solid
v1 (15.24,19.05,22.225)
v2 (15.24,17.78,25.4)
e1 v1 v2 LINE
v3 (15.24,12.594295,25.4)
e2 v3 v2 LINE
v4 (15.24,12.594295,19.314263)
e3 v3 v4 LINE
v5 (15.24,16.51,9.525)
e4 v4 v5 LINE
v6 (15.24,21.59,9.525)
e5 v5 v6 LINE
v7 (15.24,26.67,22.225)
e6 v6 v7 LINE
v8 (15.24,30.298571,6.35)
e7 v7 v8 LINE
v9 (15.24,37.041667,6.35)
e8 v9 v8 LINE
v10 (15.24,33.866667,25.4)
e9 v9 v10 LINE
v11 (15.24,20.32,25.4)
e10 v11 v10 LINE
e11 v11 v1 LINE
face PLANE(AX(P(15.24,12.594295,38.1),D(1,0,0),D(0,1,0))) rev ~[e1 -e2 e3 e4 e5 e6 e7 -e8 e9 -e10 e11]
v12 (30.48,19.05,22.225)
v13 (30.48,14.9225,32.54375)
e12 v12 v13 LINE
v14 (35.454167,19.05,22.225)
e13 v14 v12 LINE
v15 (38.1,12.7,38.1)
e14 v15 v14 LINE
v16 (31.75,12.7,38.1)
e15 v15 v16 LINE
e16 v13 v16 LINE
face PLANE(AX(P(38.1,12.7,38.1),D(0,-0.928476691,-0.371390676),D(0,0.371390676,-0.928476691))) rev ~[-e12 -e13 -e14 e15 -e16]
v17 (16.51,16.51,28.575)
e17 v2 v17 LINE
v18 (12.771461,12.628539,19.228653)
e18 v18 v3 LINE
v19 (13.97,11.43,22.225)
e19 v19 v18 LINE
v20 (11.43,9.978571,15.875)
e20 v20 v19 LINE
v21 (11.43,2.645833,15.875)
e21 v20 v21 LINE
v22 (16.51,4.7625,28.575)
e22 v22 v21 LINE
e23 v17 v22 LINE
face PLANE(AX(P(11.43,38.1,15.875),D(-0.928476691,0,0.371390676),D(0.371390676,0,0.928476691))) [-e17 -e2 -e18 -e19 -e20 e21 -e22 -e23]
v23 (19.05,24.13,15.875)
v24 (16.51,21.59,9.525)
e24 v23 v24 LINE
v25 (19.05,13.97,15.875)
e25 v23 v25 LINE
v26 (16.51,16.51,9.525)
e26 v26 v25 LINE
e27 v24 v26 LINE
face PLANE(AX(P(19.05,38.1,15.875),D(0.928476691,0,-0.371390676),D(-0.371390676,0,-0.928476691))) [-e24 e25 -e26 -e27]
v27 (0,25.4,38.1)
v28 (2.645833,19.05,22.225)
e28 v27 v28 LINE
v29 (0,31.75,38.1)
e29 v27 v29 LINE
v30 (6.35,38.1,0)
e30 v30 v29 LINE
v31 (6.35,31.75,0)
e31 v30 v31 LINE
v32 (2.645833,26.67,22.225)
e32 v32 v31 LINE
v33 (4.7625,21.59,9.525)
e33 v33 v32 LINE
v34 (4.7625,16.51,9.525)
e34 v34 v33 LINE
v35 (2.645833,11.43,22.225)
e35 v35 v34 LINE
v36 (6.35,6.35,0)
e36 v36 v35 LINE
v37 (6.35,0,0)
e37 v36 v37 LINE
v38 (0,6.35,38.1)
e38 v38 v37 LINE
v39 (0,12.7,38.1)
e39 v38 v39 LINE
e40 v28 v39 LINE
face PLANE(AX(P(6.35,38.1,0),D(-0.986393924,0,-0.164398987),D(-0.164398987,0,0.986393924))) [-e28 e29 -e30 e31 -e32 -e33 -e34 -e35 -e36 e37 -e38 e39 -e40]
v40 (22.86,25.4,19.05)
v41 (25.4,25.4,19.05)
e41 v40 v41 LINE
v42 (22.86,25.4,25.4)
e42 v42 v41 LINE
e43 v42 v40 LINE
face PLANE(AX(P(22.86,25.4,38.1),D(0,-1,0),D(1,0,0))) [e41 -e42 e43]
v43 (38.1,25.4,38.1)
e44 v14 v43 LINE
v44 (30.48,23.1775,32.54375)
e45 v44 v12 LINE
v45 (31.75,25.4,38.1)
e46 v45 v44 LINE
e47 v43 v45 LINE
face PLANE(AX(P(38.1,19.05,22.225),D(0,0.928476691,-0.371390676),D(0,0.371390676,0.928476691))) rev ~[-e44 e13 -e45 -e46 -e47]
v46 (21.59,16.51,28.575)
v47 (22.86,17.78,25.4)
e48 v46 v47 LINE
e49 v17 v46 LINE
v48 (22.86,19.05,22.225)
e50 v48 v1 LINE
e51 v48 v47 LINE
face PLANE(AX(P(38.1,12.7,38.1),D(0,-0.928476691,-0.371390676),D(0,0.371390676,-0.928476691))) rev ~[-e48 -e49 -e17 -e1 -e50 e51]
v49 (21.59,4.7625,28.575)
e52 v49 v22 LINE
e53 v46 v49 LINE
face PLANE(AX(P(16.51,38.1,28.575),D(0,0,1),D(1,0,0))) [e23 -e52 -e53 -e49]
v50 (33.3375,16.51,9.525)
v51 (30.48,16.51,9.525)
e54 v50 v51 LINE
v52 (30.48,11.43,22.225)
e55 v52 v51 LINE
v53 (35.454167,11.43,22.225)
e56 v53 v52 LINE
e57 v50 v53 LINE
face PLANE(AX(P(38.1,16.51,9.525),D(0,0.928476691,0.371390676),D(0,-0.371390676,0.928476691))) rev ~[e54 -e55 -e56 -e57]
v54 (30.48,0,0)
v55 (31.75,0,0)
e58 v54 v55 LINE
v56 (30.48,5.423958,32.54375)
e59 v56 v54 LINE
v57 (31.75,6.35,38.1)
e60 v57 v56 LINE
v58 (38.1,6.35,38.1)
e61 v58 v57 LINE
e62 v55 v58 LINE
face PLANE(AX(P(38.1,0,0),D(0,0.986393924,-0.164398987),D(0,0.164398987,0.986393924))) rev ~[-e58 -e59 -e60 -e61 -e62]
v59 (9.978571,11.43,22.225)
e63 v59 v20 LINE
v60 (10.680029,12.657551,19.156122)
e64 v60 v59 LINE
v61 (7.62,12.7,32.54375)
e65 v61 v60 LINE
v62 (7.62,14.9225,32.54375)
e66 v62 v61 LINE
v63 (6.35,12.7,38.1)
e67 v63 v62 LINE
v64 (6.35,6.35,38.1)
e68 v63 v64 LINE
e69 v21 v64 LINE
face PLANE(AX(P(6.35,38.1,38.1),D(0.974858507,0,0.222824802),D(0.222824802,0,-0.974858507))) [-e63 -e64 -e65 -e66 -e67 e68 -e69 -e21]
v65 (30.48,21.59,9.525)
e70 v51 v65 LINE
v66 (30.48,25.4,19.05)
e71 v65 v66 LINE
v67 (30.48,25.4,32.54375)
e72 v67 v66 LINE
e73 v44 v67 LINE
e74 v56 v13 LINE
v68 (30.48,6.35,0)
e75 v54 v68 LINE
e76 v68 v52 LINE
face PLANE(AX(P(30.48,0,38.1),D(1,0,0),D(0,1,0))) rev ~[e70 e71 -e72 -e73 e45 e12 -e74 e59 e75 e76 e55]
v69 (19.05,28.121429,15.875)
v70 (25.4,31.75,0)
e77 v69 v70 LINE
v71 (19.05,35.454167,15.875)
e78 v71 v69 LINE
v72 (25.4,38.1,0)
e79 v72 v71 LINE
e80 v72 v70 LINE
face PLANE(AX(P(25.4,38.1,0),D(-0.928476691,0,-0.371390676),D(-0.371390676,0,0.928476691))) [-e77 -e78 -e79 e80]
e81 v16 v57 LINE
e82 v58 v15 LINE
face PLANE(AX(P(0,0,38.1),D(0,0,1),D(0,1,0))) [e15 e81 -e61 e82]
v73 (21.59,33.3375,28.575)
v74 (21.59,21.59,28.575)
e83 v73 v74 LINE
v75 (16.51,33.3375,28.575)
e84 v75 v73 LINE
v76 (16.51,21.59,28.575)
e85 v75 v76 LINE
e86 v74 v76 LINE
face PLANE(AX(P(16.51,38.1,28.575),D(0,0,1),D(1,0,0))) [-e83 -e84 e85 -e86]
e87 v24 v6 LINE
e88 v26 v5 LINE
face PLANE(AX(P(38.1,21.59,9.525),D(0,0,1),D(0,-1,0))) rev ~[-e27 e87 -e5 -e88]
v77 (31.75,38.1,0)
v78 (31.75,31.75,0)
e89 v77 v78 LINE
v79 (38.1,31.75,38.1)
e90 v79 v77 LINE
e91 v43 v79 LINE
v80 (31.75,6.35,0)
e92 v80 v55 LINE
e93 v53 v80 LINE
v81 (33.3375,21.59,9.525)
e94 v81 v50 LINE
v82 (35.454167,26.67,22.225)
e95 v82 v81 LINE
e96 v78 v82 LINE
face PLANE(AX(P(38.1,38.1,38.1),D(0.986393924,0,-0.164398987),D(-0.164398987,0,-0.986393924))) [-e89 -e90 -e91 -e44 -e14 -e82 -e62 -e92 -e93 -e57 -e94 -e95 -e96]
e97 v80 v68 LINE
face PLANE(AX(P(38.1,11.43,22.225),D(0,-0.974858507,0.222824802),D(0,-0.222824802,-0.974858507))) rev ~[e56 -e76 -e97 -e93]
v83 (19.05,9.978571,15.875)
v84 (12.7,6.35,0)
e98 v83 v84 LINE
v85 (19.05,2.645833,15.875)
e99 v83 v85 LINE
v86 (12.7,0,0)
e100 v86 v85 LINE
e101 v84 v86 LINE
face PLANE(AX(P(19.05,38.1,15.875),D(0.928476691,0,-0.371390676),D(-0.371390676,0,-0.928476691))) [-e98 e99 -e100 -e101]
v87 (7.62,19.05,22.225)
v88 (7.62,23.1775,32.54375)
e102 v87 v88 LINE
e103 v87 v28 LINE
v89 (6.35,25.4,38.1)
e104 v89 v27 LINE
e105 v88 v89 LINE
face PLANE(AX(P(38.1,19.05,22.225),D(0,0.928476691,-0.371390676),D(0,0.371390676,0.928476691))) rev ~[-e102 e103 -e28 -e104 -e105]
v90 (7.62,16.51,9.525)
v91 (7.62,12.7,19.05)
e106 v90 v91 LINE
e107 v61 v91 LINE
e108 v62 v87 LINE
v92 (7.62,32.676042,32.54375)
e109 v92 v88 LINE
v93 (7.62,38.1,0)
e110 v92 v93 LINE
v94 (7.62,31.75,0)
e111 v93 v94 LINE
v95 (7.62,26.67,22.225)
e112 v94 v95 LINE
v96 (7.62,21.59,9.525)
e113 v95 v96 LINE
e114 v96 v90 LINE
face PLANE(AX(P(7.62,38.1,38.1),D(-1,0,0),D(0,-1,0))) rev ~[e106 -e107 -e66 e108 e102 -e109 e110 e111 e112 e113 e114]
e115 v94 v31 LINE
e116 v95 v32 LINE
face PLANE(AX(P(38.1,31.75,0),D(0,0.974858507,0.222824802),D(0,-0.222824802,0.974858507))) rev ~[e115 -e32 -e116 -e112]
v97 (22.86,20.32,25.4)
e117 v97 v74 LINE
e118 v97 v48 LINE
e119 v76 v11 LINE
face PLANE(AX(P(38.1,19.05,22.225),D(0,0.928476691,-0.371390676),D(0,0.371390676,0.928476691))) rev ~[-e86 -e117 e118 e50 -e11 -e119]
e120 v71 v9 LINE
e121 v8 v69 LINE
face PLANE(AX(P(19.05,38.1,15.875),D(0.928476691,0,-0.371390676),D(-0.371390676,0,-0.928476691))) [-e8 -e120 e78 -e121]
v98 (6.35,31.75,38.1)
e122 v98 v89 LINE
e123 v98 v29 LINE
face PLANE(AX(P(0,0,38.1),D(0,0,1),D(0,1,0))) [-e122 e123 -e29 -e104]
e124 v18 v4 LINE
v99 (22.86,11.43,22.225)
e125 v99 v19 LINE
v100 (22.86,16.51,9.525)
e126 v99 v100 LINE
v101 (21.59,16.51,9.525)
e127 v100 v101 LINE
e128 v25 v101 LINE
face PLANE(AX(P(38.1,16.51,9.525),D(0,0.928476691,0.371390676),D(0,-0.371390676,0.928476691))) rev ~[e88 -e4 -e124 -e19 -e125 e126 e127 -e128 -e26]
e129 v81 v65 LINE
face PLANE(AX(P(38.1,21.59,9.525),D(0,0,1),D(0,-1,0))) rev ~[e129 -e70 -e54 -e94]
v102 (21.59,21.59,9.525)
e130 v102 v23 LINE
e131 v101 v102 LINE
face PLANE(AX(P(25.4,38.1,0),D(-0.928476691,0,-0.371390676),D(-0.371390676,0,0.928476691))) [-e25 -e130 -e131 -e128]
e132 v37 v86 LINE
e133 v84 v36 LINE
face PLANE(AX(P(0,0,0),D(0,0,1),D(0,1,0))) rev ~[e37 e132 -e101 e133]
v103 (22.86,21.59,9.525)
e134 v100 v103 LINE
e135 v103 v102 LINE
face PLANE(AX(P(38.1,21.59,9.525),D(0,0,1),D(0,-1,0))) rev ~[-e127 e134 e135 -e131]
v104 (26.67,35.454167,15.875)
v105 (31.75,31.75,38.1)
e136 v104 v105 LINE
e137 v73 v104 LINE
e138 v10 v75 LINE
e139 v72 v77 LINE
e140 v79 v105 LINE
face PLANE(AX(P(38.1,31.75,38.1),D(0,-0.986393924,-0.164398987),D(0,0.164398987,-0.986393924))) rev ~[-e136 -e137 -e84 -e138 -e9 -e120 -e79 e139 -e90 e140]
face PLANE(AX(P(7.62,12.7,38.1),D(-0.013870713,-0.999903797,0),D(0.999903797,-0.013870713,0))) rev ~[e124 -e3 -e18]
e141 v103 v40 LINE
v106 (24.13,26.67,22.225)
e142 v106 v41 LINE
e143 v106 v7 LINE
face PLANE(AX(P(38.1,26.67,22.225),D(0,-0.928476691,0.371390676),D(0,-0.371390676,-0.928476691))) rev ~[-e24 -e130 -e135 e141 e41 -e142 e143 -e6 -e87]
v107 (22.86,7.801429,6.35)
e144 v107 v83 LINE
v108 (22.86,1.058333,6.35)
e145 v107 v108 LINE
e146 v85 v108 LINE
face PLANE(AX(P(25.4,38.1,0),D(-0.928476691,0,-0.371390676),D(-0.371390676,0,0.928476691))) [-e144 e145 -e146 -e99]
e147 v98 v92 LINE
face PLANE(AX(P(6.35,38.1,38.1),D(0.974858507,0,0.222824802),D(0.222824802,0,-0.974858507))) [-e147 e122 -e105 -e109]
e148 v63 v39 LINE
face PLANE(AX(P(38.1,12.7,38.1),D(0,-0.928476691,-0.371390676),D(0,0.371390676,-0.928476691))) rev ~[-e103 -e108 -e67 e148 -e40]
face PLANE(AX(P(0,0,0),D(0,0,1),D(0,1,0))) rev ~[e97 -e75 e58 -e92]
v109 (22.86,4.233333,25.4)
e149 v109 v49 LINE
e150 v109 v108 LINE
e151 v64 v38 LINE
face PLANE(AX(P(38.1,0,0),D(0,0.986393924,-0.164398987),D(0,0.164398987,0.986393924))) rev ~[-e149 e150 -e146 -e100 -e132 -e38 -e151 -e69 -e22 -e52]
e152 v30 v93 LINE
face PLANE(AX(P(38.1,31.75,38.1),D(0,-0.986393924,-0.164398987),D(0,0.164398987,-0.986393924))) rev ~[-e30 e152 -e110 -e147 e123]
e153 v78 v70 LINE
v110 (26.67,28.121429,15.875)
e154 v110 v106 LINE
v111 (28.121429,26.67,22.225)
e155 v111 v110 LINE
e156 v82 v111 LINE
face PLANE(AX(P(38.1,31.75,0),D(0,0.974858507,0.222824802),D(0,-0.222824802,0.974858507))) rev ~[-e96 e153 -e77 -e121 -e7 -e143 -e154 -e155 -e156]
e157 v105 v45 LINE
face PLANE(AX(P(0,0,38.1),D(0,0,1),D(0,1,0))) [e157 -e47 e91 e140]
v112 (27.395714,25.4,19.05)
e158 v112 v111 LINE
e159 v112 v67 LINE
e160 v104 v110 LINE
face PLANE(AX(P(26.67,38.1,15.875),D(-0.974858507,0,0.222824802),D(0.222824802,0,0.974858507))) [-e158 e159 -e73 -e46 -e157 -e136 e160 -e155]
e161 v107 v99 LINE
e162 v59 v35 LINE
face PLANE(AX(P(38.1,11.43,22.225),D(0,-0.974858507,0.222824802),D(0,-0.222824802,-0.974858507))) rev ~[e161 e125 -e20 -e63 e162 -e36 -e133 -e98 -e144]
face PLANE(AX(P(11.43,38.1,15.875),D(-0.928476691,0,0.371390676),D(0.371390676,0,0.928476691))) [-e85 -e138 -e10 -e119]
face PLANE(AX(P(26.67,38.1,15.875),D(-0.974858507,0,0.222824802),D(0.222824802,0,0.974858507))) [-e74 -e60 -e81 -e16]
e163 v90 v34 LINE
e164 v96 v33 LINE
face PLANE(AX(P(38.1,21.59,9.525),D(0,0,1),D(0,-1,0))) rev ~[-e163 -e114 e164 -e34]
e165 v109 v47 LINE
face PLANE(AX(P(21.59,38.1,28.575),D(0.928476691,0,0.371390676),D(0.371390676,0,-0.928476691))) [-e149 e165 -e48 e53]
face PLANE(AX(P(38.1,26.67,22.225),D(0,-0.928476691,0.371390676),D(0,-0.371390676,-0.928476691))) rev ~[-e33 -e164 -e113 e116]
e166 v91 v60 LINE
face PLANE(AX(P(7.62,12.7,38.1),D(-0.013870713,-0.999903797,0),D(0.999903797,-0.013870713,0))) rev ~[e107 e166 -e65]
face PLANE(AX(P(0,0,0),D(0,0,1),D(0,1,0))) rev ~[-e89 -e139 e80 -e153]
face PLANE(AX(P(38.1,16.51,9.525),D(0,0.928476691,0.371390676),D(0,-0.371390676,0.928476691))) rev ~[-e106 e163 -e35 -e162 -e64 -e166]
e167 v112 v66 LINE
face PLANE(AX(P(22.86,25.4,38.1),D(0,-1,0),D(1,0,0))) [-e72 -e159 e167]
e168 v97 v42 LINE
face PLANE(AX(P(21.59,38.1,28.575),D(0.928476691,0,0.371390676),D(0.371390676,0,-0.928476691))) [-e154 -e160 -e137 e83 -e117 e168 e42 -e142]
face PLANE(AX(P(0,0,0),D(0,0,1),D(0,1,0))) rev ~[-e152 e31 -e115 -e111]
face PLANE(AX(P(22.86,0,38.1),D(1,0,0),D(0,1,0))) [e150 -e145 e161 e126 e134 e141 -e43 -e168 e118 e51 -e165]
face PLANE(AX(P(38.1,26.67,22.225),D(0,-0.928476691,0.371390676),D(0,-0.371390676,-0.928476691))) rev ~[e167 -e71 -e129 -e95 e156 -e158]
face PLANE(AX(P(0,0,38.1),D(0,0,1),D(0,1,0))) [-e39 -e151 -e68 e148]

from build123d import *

# Parameters (mm, degrees)
F0_W      = 38.1
F0_H      = 38.1
F1_DEPTH  = 38.1
F6_DEPTH  = 38.1
F8_DEPTH  = 38.1
F9_W      = 7.62
F9_H      = 25.4
F10_DEPTH = 38.1


with BuildPart() as f1:
    # F0 (on Right) → F1 (new body)
    with BuildSketch(Plane.YZ):
        with Locations((19.05, 19.05)):
            Rectangle(F0_W, F0_H)
    extrude(amount=F1_DEPTH)

    # F5 (on offset) → F6 (cut)
    with BuildSketch(Plane.XZ.offset(-38.1)):
        Polygon((38.1, 0), (38.1, 38.1), (31.75, 0), align=None)
        Polygon((31.75, 38.1), (6.35, 38.1), (11.43, 15.875), (16.51, 28.575), (21.59, 28.575), (26.67, 15.875), align=None)
        Polygon((19.05, 15.875), (12.7, 0), (25.4, 0), align=None)
        Polygon((0, 38.1), (0, 0), (6.35, 0), align=None)
    extrude(amount=F6_DEPTH, mode=Mode.SUBTRACT)

    # F7 (on offset) → F8 (cut)
    with BuildSketch(Plane.YZ.offset(38.1)):
        Polygon((0, 38.1), (0, 0), (6.35, 38.1), align=None)
        Polygon((25.4, 38.1), (12.7, 38.1), (19.05, 22.225), align=None)
        Polygon((31.75, 38.1), (38.1, 0), (38.1, 38.1), align=None)
        Polygon((11.43, 22.225), (6.35, 0), (31.75, 0), (26.67, 22.225), (21.59, 9.525), (16.51, 9.525), align=None)
    extrude(amount=-F8_DEPTH, mode=Mode.SUBTRACT)

    # F9 (on offset) → F10 (cut)
    with BuildSketch(Plane.XY.offset(38.1)):
        with Locations((26.67, 12.7)):
            Rectangle(F9_W, F9_H)
        Polygon((15.24, 38.1), (7.62, 38.1), (7.62, 12.7), (15.24, 12.594295), align=None)
    extrude(amount=-F10_DEPTH, mode=Mode.SUBTRACT)


solid = f1.part
